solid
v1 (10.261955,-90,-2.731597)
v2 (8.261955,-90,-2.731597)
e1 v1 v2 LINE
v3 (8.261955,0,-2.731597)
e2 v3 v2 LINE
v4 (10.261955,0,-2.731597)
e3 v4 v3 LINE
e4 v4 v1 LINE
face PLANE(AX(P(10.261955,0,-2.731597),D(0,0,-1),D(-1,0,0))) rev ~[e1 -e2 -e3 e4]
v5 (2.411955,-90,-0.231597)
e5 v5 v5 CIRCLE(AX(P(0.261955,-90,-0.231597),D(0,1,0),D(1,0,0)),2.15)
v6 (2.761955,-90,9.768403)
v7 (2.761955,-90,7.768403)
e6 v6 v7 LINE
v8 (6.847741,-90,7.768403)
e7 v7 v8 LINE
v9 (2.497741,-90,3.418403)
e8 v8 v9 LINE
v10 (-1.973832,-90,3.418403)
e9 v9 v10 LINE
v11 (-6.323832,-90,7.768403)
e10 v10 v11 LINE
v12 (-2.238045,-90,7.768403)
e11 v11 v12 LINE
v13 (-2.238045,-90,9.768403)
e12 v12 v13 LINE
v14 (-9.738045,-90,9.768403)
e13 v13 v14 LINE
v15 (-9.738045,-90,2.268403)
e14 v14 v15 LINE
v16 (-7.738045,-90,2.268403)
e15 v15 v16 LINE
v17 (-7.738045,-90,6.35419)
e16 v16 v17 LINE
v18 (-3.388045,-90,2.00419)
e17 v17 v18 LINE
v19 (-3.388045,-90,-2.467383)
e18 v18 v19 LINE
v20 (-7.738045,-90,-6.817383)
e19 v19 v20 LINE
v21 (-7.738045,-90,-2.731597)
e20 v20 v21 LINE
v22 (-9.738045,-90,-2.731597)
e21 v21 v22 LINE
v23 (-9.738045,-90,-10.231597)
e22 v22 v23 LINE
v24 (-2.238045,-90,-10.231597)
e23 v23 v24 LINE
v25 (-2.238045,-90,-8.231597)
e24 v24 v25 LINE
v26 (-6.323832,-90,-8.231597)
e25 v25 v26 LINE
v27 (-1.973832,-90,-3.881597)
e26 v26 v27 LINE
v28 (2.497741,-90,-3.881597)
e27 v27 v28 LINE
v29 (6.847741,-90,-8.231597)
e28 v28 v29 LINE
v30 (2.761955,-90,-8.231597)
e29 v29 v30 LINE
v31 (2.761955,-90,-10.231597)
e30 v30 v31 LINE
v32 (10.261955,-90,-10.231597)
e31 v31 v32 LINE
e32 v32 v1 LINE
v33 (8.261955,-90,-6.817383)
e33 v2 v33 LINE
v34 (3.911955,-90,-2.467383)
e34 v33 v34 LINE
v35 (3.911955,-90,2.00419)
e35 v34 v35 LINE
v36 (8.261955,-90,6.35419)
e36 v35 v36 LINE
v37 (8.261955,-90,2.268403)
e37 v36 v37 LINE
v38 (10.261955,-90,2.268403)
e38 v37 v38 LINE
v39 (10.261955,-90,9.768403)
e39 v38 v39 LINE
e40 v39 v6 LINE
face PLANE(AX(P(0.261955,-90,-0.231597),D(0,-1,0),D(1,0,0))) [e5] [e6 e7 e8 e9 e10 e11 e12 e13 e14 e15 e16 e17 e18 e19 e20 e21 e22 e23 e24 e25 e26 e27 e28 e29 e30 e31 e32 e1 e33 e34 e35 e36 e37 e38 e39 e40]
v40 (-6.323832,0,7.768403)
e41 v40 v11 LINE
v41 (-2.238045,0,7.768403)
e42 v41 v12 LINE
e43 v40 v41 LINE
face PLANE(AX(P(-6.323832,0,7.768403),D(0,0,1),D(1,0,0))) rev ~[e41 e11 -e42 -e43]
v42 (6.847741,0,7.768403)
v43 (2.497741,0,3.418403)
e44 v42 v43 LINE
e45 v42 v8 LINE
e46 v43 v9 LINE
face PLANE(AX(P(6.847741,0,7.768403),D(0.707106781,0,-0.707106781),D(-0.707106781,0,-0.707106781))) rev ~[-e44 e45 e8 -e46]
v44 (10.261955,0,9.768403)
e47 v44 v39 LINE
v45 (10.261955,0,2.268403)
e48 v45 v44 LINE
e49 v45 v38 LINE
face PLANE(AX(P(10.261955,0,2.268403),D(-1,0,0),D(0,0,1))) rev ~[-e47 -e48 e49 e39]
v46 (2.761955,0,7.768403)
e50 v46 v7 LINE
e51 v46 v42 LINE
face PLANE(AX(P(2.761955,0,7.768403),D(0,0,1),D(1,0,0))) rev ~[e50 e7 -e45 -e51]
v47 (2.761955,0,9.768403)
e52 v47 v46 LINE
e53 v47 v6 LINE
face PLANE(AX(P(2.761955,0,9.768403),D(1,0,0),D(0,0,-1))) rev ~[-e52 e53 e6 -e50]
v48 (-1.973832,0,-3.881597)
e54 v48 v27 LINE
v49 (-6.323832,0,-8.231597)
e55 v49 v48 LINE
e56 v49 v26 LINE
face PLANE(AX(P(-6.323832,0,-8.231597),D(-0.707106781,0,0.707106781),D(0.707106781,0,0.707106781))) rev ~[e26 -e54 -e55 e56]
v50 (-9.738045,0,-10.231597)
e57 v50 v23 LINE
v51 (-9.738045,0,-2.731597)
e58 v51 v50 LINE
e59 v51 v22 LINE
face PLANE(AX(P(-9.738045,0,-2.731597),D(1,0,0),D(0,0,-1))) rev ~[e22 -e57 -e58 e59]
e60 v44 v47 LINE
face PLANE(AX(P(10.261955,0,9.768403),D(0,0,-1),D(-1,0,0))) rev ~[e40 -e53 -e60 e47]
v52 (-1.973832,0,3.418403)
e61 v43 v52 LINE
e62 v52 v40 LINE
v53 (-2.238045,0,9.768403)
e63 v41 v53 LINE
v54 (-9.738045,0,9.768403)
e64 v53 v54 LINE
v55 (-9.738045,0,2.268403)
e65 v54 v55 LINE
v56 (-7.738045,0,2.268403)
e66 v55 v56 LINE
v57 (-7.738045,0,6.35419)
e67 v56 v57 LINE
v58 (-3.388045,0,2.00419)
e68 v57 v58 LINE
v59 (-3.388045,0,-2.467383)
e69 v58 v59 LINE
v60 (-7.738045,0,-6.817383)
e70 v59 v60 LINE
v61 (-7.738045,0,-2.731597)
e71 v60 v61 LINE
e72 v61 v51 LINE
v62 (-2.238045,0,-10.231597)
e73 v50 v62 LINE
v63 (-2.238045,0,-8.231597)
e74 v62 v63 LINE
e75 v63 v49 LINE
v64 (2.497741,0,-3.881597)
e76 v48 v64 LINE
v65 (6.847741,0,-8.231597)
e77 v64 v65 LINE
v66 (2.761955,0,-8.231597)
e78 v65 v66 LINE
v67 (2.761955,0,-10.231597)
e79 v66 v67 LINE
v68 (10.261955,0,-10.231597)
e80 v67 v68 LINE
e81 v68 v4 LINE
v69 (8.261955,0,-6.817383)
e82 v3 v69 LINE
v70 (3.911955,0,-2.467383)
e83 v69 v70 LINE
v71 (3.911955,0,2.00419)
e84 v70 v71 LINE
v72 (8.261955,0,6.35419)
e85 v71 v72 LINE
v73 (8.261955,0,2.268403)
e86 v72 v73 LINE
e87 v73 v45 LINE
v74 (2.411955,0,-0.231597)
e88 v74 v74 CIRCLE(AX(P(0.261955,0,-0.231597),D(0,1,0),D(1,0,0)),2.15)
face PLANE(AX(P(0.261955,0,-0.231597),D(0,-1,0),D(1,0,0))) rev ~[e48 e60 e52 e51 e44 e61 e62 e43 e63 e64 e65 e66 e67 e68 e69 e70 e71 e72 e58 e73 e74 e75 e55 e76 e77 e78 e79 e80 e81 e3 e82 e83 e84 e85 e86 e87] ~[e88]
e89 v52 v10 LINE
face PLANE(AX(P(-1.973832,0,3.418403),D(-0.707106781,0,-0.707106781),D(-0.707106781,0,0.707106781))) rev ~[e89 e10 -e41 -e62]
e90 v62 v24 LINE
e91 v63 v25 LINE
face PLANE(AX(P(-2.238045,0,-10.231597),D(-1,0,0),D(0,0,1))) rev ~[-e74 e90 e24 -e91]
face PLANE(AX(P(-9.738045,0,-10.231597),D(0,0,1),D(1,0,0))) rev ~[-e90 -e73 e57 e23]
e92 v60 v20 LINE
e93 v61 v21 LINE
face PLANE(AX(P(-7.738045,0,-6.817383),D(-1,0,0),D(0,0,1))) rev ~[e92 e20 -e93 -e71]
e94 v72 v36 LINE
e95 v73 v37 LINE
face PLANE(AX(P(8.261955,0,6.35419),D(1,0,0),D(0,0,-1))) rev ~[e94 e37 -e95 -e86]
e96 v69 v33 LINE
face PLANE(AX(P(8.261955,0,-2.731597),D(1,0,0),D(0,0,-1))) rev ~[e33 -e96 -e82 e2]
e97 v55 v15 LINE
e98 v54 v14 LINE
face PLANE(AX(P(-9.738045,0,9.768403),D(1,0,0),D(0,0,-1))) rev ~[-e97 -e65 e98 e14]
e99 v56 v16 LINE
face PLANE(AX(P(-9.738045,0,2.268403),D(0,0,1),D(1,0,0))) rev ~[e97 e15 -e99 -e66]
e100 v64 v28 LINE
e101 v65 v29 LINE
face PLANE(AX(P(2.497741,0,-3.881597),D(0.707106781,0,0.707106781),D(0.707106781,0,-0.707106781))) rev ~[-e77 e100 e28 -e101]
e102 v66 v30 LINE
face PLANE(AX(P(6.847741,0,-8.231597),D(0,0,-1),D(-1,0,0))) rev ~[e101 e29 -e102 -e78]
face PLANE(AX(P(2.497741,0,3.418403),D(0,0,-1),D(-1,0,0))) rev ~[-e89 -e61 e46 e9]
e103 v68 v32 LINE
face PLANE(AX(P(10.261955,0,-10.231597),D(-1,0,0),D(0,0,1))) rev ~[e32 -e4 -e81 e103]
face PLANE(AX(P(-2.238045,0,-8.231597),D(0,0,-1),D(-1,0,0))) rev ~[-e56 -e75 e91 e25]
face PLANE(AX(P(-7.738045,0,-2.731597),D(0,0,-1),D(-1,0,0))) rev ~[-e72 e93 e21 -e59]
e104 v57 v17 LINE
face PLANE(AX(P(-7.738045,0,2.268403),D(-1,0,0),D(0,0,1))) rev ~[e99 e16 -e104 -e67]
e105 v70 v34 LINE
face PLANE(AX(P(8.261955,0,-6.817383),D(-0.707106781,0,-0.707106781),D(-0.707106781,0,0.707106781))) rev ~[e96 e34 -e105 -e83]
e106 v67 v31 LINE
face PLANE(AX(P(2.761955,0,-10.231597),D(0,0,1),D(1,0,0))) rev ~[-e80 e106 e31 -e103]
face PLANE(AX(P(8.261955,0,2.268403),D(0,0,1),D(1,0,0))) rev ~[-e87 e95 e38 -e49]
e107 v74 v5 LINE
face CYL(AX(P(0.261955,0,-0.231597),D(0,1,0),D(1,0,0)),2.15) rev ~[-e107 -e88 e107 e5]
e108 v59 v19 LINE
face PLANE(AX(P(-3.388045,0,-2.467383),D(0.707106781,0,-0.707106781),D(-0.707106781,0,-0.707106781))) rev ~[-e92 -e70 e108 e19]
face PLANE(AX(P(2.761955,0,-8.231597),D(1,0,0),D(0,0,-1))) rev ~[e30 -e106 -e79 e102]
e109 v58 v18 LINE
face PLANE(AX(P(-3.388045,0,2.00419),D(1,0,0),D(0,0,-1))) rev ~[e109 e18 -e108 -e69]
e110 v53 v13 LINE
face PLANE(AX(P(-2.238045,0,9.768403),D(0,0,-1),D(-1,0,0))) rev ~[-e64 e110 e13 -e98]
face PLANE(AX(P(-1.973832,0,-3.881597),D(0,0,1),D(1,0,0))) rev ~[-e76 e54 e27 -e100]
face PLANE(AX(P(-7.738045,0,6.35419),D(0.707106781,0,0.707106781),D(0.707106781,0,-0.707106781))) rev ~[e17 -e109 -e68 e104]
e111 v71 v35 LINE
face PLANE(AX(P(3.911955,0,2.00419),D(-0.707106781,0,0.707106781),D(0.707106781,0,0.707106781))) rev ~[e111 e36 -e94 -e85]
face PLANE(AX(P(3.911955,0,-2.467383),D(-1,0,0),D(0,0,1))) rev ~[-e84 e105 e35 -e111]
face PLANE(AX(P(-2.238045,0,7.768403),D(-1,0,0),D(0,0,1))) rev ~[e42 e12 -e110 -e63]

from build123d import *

# Parameters (mm, degrees)
F1_DEPTH = 90


with BuildPart() as f1:
    # F0 (on Front) → F1 (new body)
    with BuildSketch(Plane.XZ):
        Polygon((-2.238045, 9.768403), (-9.738045, 9.768403), (-9.738045, 2.268403), (-7.738045, 2.268403), (-7.738045, 6.35419), (-3.388045, 2.00419), (-3.388045, -0.231597), (-3.388045, -2.467383), (-7.738045, -6.817383), (-7.738045, -2.731597), (-9.738045, -2.731597), (-9.738045, -10.231597), (-2.238045, -10.231597), (-2.238045, -8.231597), (-6.323832, -8.231597), (-1.973832, -3.881597), (2.497741, -3.881597), (6.847741, -8.231597), (2.761955, -8.231597), (2.761955, -10.231597), (10.261955, -10.231597), (10.261955, -2.731597), (8.261955, -2.731597), (8.261955, -6.817383), (3.911955, -2.467383), (3.911955, -0.231597), (3.911955, 2.00419), (8.261955, 6.35419), (8.261955, 2.268403), (10.261955, 2.268403), (10.261955, 9.768403), (2.761955, 9.768403), (2.761955, 7.768403), (6.847741, 7.768403), (2.497741, 3.418403), (-1.973832, 3.418403), (-6.323832, 7.768403), (-2.238045, 7.768403), align=None)
        with BuildLine():
            ThreePointArc((-1.888045, -0.231597), (0.261955, 1.918403), (2.411955, -0.231597))
            ThreePointArc((2.411955, -0.231597), (0.261955, -2.381597), (-1.888045, -0.231597))
        make_face(mode=Mode.SUBTRACT)
    extrude(amount=F1_DEPTH)


solid = f1.part
